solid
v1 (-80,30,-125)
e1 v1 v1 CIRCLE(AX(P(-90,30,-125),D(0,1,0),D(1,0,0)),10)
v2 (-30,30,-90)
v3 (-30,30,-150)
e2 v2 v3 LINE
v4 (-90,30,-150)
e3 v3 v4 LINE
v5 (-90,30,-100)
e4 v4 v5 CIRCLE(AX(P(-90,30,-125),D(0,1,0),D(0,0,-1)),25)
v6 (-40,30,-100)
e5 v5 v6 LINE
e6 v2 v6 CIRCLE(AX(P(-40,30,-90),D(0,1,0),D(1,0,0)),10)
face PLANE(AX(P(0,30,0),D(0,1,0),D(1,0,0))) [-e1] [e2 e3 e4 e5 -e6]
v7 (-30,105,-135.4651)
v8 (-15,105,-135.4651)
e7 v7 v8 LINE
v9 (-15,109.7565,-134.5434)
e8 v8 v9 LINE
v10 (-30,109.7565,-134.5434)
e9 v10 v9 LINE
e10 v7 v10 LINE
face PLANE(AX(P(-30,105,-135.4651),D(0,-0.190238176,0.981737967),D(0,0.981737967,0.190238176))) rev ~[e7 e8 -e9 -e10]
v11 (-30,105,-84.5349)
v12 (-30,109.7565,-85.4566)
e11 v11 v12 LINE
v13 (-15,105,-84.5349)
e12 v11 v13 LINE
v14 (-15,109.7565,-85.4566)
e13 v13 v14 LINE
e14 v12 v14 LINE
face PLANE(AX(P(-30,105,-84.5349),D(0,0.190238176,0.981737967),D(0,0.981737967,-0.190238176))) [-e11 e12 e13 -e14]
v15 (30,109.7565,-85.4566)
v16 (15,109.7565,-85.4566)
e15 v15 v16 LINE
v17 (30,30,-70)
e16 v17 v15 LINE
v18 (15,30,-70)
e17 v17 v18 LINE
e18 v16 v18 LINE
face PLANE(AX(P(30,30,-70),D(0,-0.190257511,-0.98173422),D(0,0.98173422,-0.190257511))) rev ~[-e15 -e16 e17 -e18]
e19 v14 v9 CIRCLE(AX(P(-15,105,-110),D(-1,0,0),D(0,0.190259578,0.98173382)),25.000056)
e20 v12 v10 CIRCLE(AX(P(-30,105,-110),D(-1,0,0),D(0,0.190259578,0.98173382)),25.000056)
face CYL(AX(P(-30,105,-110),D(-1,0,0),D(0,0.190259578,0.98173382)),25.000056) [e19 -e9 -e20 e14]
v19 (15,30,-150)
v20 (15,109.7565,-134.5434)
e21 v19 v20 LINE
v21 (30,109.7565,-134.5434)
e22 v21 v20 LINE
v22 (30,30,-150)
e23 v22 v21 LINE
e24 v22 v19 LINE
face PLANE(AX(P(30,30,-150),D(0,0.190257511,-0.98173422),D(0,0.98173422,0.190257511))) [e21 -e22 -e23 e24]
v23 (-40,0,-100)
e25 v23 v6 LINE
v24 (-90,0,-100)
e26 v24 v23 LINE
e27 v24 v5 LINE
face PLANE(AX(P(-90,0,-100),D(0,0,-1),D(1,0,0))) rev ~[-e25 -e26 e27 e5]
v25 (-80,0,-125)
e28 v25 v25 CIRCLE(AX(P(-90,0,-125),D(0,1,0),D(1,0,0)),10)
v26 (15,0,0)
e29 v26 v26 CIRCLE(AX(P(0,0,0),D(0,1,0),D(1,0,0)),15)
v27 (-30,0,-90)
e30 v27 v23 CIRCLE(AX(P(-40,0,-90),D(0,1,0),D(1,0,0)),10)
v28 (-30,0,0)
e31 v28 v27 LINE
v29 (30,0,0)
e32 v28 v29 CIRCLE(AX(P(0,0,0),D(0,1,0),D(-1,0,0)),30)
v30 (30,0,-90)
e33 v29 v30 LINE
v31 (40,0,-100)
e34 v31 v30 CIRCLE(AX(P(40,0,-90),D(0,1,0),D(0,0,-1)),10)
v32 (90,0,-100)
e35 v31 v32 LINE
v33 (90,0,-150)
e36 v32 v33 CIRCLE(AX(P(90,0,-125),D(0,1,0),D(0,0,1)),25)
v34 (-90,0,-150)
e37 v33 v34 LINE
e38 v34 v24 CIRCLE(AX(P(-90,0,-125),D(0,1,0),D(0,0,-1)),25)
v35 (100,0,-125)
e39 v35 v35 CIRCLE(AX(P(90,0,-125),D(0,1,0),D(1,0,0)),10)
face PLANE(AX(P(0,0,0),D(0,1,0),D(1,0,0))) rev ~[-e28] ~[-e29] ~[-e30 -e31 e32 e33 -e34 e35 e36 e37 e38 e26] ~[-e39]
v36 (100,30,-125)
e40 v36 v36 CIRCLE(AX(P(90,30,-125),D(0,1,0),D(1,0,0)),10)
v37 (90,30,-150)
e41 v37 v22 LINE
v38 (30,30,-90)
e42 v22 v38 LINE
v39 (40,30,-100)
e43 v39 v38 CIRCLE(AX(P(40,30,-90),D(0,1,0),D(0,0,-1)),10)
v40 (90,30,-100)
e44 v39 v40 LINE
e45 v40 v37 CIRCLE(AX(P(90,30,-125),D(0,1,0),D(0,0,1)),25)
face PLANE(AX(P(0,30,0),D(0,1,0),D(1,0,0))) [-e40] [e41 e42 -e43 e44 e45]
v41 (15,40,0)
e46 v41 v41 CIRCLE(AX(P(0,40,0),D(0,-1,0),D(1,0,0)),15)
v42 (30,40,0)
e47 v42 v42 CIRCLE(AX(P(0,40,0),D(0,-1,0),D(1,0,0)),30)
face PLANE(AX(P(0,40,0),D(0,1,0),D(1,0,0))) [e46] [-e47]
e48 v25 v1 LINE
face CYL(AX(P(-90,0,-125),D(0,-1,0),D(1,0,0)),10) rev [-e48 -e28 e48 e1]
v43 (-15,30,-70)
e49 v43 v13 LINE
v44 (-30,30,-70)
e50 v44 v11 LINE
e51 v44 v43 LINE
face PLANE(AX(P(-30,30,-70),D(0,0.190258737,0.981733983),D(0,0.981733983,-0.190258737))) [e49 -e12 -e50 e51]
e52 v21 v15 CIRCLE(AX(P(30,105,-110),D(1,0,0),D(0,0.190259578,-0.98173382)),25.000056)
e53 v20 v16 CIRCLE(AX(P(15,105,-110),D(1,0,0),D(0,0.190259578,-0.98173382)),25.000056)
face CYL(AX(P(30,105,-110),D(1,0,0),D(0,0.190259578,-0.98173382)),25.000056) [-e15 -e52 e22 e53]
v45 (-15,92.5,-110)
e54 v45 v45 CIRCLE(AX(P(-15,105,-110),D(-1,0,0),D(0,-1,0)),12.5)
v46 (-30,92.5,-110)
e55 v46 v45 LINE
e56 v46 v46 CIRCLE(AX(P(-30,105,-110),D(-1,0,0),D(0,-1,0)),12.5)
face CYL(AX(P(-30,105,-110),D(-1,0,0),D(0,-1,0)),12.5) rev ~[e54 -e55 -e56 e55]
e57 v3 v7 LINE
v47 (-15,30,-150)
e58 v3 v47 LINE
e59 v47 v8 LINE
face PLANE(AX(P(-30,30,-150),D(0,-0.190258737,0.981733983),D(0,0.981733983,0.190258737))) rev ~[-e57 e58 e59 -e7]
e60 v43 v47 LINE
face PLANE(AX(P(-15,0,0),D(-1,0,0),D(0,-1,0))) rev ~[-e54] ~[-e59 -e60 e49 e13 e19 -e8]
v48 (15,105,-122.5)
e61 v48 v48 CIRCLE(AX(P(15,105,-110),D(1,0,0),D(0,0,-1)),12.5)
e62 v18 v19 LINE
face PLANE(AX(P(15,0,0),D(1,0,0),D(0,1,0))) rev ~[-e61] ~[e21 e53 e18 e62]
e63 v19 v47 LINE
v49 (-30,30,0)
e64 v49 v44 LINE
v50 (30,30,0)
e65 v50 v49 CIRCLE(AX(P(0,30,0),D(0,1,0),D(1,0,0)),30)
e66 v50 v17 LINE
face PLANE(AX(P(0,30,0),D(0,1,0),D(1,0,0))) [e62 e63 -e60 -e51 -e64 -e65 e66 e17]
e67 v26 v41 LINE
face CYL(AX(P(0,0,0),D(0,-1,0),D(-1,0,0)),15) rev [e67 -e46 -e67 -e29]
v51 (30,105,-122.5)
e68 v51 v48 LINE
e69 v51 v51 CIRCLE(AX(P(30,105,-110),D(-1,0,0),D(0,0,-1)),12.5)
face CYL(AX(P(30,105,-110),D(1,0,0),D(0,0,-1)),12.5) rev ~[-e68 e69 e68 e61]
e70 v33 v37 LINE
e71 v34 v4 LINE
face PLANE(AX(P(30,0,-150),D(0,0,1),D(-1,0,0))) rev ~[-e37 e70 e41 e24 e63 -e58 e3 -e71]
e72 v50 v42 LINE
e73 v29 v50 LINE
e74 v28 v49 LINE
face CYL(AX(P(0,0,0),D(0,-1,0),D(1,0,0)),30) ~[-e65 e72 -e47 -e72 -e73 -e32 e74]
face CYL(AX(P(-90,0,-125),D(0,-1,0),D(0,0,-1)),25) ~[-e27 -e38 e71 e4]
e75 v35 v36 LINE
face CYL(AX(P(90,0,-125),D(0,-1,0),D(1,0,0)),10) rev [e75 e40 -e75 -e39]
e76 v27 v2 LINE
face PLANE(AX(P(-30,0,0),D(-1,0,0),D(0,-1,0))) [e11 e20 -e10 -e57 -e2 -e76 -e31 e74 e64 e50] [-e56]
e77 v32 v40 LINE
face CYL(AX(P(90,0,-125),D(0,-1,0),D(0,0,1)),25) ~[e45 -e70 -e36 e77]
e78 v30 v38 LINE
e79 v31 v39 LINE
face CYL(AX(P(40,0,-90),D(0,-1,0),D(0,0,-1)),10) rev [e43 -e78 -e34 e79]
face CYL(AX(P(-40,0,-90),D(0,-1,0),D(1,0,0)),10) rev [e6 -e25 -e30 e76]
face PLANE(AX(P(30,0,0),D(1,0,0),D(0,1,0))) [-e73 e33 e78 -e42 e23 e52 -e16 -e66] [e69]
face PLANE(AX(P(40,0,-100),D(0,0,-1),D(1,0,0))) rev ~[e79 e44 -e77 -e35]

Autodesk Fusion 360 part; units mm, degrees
sketch "Sketch2" plane through (0, 0, 0) normal (0, 1, 0) x (1, 0, 0)
  line L0 (-30, 0) -> (-30, 90)
  line L1 (30, 100) -> (30, 150)
  line L2 (30, 150) -> (90, 150)
  line L3 (30, 150) -> (-90, 150)
  line L4 (-90, 100) -> (-40, 100)
  arc A0 (-30, 90) -> (-40, 100) centre (-40, 90) ccw
  line L5 (40, 100) -> (90, 100)
  arc A1 (-30, 0) -> (30, 0) centre (0, 0) ccw
  arc A2 (30, 0) -> (-30, 0) centre (0, 0) ccw
  arc A3 (-15, 0) -> (15, 0) centre (0, 0) ccw
  arc A4 (15, 0) -> (-15, 0) centre (0, 0) ccw
  line L6 (30, 0) -> (30, 90)
  arc A5 (90, 100) -> (90, 150) centre (90, 125) ccw
  arc A6 (-90, 150) -> (-90, 100) centre (-90, 125) ccw
  arc A7 (40, 100) -> (30, 90) centre (40, 90) ccw
  circle A8 centre (-90, 125) radius 10
  circle A9 centre (90, 125) radius 10
  point P0 (-30, 150)
  dimension "d1" = 150
  dimension "d2" = 60
  dimension "d3" = 60
  dimension "d4" = 120
  dimension "d5" = 30
  dimension "d6" = 25
  dimension "d7" = 25
  dimension "d8" = 25
  dimension "d9" = 10
  dimension "d10" = 10
  dimension "d11" = 20
  dimension "d12" = 20
extrude "Extrude1" add sketch "Sketch2" along normal blind 40 contours A1 A2
extrude "Extrude2" add sketch "Sketch2" along normal blind 30 contours L0 L2 L3 L4 A0 L5 A2 L6 A5 A6 A7
sketch "Sketch3" plane through (0, 30, 0) normal (0, 1, 0) x (-1, 0, 0)
  circle A0 centre (-90, -125) radius 10
  circle A1 centre (90, -125) radius 10
  arc A2 (-90, -100) -> (-90, -150) centre (-90, -125) ccw
  line L0 (-90, -150) -> (90, -150)
  arc A3 (90, -150) -> (90, -100) centre (90, -125) ccw
  line L1 (90, -100) -> (40, -100)
  arc A4 (30, -90) -> (40, -100) centre (40, -90) ccw
  line L2 (30, -90) -> (30, 0)
  arc A5 (-30, 0) -> (30, 0) centre (0, 0) ccw
  line L3 (-30, 0) -> (-30, -90)
  arc A6 (-40, -100) -> (-30, -90) centre (-40, -90) ccw
  line L4 (-40, -100) -> (-90, -100)
sketch "Sketch4" plane through (30, 0, 0) normal (1, 0, 0) x (0, 1, 0)
  line L0 (0, 0) -> (0, -90)
  line L1 (0, -90) -> (30, -90)
  line L2 (30, -90) -> (30, 0)
  line L3 (30, 0) -> (0, 0)
  line L4 (30, -150) -> (30, -70)
  line L5 (105, -84.5349) -> (105, -85)
  arc A0 (109.7565, -134.5434) -> (109.7565, -85.4566) centre (105, -110) ccw
  arc A1 (105, -122.5) -> (105, -97.5) centre (105, -110) ccw
  arc A2 (105, -97.5) -> (105, -122.5) centre (105, -110) ccw
  line L6 (30, -70) -> (109.7565, -85.4566)
  line L7 (30, -150) -> (109.7565, -134.5434)
  dimension "d17" = 80
  dimension "d20" = 25
  dimension "d24" = 0
  dimension "d25" = 0
extrude "Extrude3" add sketch "Sketch4" against normal blind 15 contours L2 L4 A0 L6 L7
sketch "Sketch7" plane through (-30, 0, 0) normal (-1, 0, 0) x (0, -1, 0)
  line L0 (0, -90) -> (0, 0)
  line L1 (0, 0) -> (-30, 0)
  line L2 (-30, 0) -> (-30, -90)
  line L3 (-30, -90) -> (0, -90)
  line L4 (-30, -70) -> (-30, -150)
  circle A0 centre (-105, -110) radius 12.5
  line L5 (-105, -84.5349) -> (-109.7565, -85.4566)
  line L6 (-105, -135.4651) -> (-109.7565, -134.5434)
  line L7 (-30, -150) -> (-105, -135.4651)
  line L8 (-30, -70) -> (-105, -84.5349)
  arc A1 (-109.7565, -85.4566) -> (-109.7565, -134.5434) centre (-105, -110) ccw
  dimension "d29" = 25
extrude "Extrude4" add sketch "Sketch7" against normal blind 15 contours L2 L4 L5 L6 L7 L8 A1
